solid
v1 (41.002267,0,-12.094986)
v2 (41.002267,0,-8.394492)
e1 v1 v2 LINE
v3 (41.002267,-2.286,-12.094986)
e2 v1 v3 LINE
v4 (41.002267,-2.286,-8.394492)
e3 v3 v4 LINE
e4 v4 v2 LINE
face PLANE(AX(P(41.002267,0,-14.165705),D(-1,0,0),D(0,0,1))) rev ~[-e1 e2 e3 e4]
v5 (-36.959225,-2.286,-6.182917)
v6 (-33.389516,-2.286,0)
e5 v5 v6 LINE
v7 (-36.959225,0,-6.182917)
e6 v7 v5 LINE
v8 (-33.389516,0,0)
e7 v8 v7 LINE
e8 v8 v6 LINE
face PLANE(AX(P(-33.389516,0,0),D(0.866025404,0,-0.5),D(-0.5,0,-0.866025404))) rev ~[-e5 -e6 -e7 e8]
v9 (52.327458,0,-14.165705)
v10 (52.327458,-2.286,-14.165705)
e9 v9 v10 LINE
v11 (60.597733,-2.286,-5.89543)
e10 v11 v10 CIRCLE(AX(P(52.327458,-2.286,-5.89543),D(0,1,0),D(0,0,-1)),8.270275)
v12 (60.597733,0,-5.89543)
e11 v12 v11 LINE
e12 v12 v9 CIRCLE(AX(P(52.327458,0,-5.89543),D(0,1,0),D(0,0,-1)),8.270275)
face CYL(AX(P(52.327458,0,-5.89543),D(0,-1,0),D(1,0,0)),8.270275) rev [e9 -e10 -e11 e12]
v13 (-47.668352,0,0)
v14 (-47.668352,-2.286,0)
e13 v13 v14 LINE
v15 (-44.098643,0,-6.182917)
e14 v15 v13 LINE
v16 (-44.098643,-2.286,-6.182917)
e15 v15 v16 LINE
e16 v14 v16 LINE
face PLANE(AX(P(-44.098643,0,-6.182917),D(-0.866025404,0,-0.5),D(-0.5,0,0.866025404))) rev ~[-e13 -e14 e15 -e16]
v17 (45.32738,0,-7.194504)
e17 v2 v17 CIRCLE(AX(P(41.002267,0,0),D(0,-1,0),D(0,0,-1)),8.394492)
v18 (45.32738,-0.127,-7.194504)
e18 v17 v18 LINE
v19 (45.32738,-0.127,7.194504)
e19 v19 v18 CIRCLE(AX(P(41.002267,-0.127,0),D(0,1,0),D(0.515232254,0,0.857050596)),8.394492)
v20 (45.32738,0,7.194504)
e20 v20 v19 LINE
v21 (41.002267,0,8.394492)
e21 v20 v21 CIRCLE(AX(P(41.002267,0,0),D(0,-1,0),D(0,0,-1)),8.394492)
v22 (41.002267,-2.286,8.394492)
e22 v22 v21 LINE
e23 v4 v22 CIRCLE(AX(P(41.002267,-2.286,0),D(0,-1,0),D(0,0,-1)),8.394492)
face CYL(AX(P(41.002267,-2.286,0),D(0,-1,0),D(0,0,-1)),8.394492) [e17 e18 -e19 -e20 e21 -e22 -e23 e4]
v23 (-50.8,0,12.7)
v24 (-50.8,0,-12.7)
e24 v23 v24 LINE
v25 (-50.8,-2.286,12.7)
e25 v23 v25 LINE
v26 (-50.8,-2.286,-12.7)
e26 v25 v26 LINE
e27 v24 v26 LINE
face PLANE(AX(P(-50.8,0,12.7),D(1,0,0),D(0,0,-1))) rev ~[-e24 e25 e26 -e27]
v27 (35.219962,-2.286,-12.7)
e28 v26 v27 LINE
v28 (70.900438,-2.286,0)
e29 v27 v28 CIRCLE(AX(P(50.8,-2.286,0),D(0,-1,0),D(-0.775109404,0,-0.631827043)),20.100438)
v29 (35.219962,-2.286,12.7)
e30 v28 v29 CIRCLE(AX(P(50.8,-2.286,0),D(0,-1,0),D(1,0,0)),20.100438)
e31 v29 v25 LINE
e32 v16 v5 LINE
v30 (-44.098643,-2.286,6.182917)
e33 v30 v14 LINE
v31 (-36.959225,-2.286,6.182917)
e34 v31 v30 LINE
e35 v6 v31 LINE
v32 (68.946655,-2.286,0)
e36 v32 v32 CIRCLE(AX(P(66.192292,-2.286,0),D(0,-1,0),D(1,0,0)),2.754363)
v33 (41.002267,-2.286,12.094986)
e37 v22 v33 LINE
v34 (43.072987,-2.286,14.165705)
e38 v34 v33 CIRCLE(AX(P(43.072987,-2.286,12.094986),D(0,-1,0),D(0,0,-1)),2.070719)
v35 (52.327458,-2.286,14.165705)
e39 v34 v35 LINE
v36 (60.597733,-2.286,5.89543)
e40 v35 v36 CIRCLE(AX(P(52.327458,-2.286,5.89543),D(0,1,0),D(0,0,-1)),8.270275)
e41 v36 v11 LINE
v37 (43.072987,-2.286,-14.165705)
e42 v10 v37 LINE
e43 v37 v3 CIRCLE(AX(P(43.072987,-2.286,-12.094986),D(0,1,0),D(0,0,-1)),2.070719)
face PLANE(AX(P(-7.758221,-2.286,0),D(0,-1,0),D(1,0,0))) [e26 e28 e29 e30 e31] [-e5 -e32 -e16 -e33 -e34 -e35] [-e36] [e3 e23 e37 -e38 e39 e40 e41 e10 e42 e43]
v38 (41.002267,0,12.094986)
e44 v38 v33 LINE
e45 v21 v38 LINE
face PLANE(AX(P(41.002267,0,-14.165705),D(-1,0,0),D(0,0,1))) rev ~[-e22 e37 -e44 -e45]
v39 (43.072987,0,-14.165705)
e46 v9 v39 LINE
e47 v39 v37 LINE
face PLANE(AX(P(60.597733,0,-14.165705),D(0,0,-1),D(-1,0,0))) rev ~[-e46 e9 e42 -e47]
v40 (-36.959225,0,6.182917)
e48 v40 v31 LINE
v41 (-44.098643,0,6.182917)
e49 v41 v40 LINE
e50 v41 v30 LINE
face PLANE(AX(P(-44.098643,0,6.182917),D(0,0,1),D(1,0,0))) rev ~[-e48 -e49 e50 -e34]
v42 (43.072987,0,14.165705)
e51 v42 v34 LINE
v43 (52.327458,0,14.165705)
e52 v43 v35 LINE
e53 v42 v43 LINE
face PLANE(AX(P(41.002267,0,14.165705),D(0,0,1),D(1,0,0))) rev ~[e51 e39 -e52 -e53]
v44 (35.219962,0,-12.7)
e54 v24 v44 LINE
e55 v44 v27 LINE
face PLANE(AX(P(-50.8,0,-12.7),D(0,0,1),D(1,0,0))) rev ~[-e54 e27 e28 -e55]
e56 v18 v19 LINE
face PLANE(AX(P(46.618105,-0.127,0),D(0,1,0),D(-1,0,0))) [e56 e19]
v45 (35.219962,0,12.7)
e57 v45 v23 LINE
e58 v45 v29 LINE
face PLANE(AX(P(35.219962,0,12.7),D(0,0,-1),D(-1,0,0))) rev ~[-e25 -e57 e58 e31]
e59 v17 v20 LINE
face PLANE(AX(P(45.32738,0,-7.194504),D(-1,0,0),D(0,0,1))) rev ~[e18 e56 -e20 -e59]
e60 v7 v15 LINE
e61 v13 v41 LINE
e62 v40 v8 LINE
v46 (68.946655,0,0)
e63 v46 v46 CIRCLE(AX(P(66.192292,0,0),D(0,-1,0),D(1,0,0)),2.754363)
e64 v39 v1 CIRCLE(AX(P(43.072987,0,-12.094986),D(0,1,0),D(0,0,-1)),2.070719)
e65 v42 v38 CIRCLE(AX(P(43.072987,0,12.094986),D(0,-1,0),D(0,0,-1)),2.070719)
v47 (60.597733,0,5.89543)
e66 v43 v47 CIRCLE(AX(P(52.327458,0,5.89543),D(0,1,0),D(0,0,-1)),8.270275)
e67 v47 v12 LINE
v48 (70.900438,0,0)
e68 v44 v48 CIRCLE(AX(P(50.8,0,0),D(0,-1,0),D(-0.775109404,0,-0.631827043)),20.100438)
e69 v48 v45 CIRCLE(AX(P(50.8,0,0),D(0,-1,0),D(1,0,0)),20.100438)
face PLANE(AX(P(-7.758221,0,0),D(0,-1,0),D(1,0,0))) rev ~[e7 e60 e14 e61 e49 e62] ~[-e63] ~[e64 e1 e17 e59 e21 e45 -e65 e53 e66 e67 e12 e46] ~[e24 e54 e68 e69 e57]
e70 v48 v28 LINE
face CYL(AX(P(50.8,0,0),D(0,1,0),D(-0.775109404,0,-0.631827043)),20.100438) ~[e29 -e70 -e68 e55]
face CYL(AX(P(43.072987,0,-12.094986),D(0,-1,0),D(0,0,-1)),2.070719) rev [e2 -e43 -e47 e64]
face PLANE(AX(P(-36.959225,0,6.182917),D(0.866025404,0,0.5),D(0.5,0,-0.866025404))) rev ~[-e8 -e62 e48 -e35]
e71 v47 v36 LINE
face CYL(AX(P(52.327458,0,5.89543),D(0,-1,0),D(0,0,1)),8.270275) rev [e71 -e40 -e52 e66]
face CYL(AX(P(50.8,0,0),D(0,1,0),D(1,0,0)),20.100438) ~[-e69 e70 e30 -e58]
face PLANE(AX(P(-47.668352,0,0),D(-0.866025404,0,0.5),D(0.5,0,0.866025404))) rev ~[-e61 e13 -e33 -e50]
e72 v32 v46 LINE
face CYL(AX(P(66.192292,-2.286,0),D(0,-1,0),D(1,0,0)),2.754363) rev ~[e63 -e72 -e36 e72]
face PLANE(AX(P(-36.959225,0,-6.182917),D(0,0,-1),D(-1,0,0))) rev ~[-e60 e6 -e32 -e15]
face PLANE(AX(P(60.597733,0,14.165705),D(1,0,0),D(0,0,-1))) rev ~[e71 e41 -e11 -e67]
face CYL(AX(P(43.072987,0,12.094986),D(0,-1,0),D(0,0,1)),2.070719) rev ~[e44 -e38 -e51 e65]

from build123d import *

# Parameters (mm, degrees)
F2_DEPTH  = 2.286
F4_DEPTH  = 2.286
F5_R      = 2.0707192567
F7_R      = 8.2702748321
F8_R      = 2.754363365
F9_DEPTH  = 25.4
F11_DEPTH = 0.127
F13_DEPTH = 25.4


with BuildPart() as f2:
    # F0 (on Front) → F2 (new body)
    with BuildSketch(Plane.XZ):
        with BuildLine():
            Line((-50.8, -12.7), (35.2199618575, -12.7))
            ThreePointArc((35.2199618575, -12.7), (30.6995624794, 0), (35.2199618575, 12.7))
            Line((35.2199618575, 12.7), (-50.8, 12.7))
            Line((-50.8, 12.7), (-50.8, -12.7))
        make_face()
        with BuildLine():
            Line((41.0022673368, -14.1657050699), (41.0022673368, -12.7))
            Line((41.0022673368, -12.7), (35.2199618575, -12.7))
            ThreePointArc((35.2199618575, -12.7), (57.5402524162, -18.9366466379), (70.9004375206, 0))
            ThreePointArc((70.9004375206, 0), (57.5402524162, 18.9366466379), (35.2199618575, 12.7))
            Line((35.2199618575, 12.7), (41.0022673368, 12.7))
            Line((41.0022673368, 12.7), (41.0022673368, 14.1657050699))
            Line((41.0022673368, 14.1657050699), (60.5977326632, 14.1657050699))
            Line((60.5977326632, 14.1657050699), (60.5977326632, -14.1657050699))
            Line((60.5977326632, -14.1657050699), (41.0022673368, -14.1657050699))
        make_face()
        with BuildLine():
            Line((35.2199618575, -12.7), (41.0022673368, -12.7))
            Line((41.0022673368, -12.7), (41.0022673368, 12.7))
            Line((41.0022673368, 12.7), (35.2199618575, 12.7))
            ThreePointArc((35.2199618575, 12.7), (30.6995624794, 0), (35.2199618575, -12.7))
        make_face()
    extrude(amount=F2_DEPTH)

    # F3 (on face) → F4 (join)
    with BuildSketch(Plane.XZ.offset(2.286)):
        with BuildLine():
            Line((41.0022673368, 8.3944918588), (41.0022673368, -8.3944918588))
            ThreePointArc((41.0022673368, -8.3944918588), (49.3967591956, 0), (41.0022673368, 8.3944918588))
        make_face()
    extrude(amount=-F4_DEPTH)

    # F5
    f5_edges = [f2.edges().sort_by_distance(p)[0] for p in [
        (41.002267, -1.143, 14.165705),
        (41.002267, -1.143, -14.165705),
    ]]
    fillet(f5_edges, radius=F5_R)

    # F7
    f7_edges = [f2.edges().sort_by_distance(p)[0] for p in [
        (60.597733, -1.143, -14.165705),
        (60.597733, -1.143, 14.165705),
    ]]
    fillet(f7_edges, radius=F7_R)

    # F8 (on face) → F9 (cut)
    with BuildSketch(Plane.XZ.offset(2.286)):
        with Locations((66.192291677, 0)):
            Circle(F8_R)
    extrude(amount=-F9_DEPTH, mode=Mode.SUBTRACT)

    # F10 (on face) → F11 (cut)
    with BuildSketch(Plane(origin=(0, 0, 0), x_dir=(-1, 0, 0), z_dir=(0, 1, 0))):
        with BuildLine():
            ThreePointArc((-45.3273802996, 7.1945042516), (-49.3967591956, 0), (-45.3273802996, -7.1945042516))
            Line((-45.3273802996, -7.1945042516), (-45.3273802996, 7.1945042516))
        make_face()
    extrude(amount=-F11_DEPTH, mode=Mode.SUBTRACT)

    # F12 (on face) → F13 (cut)
    with BuildSketch(Plane(origin=(0, 0, 0), x_dir=(-1, 0, 0), z_dir=(0, 1, 0))):
        Polygon((44.0986434706, 6.1829173937), (36.9592254273, 6.1829173937), (33.3895164056, 0), (36.9592254273, -6.1829173937), (44.0986434706, -6.1829173937), (47.6683524923, 0), align=None)
    extrude(amount=-F13_DEPTH, mode=Mode.SUBTRACT)


solid = f2.part
